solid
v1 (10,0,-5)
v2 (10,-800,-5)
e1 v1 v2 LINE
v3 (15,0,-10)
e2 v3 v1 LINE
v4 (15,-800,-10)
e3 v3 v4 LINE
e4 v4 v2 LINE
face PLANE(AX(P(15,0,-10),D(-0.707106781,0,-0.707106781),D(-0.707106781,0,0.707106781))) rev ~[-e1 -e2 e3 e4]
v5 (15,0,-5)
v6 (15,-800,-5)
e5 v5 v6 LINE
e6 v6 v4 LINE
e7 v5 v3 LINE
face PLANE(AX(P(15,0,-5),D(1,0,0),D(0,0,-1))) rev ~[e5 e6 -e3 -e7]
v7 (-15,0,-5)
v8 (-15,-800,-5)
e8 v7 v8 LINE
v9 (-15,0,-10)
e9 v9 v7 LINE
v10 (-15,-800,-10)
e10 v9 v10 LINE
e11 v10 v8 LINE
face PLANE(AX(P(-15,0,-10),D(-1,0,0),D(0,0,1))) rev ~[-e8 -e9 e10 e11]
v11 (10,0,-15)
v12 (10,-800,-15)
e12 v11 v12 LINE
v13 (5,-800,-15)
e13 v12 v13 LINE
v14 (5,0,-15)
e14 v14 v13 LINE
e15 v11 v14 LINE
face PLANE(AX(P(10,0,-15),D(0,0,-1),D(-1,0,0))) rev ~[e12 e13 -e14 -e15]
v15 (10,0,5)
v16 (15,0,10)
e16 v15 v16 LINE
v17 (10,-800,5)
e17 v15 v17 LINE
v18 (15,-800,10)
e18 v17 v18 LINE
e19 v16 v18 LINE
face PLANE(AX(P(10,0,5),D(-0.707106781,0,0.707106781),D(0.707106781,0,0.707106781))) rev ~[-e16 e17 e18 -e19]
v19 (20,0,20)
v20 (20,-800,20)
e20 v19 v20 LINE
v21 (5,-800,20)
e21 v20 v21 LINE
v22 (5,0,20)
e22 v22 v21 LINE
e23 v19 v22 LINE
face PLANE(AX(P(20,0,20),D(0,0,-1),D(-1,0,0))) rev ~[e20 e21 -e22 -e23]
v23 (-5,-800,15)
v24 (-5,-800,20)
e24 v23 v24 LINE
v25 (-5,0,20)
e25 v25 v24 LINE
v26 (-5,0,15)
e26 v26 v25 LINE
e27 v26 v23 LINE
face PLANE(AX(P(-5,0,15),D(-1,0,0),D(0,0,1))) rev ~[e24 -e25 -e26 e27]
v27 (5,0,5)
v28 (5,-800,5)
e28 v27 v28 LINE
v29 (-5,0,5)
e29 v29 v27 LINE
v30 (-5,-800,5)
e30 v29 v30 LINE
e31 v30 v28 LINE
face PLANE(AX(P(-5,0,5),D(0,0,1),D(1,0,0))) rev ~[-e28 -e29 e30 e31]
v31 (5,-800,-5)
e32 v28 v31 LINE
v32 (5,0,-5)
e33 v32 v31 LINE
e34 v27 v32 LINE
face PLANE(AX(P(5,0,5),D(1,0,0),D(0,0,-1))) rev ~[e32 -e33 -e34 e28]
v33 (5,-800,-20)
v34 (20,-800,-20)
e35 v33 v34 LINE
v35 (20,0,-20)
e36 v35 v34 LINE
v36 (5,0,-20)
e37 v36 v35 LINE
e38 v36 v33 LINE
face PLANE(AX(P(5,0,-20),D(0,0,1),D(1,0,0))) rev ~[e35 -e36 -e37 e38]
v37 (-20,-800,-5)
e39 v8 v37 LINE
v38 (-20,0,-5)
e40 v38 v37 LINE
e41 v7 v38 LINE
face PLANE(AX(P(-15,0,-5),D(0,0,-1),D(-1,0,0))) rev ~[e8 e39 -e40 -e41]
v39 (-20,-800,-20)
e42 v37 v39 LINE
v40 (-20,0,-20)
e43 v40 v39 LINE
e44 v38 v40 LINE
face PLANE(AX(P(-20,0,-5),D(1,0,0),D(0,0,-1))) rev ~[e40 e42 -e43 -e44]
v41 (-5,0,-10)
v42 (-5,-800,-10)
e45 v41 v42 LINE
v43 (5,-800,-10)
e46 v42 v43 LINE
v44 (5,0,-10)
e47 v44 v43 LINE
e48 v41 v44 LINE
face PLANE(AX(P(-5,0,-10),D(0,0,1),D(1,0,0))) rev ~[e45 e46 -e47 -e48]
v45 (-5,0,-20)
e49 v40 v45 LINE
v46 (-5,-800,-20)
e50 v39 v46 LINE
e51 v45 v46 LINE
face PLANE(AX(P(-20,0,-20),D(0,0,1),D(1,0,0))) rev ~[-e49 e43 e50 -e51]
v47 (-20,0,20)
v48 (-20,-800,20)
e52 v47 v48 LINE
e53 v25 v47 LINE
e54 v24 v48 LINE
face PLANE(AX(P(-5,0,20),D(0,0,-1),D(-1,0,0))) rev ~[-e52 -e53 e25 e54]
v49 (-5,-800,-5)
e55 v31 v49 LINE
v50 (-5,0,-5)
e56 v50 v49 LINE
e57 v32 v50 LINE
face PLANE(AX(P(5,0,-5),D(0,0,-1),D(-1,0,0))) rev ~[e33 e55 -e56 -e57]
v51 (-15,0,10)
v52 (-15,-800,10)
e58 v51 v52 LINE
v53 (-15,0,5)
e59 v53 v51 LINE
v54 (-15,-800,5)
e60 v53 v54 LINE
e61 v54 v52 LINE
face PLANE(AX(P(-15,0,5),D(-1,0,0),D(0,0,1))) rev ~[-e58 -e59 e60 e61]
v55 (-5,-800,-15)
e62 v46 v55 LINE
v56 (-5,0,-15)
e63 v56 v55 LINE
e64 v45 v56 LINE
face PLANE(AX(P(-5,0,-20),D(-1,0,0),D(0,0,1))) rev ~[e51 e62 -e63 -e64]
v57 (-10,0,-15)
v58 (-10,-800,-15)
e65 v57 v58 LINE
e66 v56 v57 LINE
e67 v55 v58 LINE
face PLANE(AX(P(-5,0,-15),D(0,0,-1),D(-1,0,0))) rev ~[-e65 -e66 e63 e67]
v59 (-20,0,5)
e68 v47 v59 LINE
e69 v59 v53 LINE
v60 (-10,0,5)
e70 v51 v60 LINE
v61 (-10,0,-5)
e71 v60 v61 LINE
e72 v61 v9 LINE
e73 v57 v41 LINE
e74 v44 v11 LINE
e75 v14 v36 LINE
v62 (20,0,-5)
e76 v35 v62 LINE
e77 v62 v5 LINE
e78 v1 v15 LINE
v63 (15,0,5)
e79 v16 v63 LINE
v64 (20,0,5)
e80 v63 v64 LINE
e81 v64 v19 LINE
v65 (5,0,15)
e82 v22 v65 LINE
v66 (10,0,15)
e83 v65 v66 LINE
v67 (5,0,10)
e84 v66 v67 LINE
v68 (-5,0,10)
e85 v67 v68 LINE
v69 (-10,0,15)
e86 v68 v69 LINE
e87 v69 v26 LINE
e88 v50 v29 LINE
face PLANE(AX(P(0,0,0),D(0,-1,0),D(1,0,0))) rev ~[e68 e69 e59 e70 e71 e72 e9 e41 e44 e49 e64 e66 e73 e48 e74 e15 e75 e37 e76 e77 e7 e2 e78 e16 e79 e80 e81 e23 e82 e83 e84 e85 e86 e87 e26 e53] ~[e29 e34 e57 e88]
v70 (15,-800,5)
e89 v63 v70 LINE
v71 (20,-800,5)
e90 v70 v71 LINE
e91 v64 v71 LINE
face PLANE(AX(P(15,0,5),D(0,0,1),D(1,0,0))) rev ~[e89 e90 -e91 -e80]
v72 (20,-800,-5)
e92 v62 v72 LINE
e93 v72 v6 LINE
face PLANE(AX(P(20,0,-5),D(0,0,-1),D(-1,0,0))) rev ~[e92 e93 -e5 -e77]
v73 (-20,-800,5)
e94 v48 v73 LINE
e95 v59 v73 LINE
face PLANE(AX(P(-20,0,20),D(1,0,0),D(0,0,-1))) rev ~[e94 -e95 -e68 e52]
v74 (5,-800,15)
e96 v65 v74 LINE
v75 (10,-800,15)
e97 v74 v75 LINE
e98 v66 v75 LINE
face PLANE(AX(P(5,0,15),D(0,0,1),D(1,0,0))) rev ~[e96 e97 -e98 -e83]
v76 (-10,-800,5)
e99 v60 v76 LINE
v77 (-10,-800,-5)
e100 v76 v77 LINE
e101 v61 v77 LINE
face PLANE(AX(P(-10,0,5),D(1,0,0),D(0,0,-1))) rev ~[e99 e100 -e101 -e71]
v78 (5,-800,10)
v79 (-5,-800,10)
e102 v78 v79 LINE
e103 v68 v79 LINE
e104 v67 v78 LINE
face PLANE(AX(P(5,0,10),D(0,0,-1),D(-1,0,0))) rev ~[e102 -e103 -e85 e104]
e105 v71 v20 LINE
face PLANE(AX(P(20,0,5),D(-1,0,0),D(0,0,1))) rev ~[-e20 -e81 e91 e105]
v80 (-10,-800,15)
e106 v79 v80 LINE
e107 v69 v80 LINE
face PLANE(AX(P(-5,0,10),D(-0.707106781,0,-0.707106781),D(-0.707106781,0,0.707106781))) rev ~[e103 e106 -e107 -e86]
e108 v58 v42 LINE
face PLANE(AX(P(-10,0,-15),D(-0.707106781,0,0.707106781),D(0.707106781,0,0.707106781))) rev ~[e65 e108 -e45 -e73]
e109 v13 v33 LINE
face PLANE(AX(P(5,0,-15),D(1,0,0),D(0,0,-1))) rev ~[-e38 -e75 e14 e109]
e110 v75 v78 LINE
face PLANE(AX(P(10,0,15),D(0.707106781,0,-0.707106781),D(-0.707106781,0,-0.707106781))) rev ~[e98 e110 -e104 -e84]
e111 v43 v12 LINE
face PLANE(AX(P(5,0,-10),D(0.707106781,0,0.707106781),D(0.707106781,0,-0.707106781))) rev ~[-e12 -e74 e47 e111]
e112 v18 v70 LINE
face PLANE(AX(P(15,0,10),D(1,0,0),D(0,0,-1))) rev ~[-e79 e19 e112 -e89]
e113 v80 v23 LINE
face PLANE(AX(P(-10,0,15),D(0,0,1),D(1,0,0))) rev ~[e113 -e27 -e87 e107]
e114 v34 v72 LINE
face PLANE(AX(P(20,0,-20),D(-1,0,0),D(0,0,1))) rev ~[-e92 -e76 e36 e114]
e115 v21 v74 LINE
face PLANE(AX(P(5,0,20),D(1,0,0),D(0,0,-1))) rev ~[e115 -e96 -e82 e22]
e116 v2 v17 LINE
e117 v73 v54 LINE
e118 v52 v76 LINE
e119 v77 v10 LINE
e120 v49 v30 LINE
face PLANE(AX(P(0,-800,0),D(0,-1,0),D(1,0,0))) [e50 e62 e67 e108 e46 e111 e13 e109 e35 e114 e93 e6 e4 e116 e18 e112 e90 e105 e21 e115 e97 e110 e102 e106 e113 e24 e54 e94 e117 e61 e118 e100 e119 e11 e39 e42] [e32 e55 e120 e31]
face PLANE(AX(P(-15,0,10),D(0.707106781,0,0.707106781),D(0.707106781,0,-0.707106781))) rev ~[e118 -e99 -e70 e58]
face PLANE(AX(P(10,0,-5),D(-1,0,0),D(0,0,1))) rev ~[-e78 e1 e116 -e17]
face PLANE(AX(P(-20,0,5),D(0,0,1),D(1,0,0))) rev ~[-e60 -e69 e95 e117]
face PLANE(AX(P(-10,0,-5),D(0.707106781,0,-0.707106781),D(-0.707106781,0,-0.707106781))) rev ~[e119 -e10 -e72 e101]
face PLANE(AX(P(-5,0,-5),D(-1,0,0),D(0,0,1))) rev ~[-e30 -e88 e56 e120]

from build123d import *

# Parameters (mm, degrees)
F1_DEPTH = 800


with BuildPart() as f1:
    # F0 (on Front) → F1 (new body)
    with BuildSketch(Plane.XZ):
        Polygon((20, 5), (20, 20), (5, 20), (5, 15), (10, 15), (5, 10), (-5, 10), (-10, 15), (-5, 15), (-5, 20), (-20, 20), (-20, 5), (-15, 5), (-15, 10), (-10, 5), (-10, -5), (-15, -10), (-15, -5), (-20, -5), (-20, -20), (-5, -20), (-5, -15), (-10, -15), (-5, -10), (5, -10), (10, -15), (5, -15), (5, -20), (20, -20), (20, -5), (15, -5), (15, -10), (10, -5), (10, 5), (15, 10), (15, 5), align=None)
        Polygon((-5, 0), (-5, 5), (0, 5), (5, 5), (5, 0), (5, -5), (0, -5), (-5, -5), align=None, mode=Mode.SUBTRACT)
    extrude(amount=F1_DEPTH)


solid = f1.part
